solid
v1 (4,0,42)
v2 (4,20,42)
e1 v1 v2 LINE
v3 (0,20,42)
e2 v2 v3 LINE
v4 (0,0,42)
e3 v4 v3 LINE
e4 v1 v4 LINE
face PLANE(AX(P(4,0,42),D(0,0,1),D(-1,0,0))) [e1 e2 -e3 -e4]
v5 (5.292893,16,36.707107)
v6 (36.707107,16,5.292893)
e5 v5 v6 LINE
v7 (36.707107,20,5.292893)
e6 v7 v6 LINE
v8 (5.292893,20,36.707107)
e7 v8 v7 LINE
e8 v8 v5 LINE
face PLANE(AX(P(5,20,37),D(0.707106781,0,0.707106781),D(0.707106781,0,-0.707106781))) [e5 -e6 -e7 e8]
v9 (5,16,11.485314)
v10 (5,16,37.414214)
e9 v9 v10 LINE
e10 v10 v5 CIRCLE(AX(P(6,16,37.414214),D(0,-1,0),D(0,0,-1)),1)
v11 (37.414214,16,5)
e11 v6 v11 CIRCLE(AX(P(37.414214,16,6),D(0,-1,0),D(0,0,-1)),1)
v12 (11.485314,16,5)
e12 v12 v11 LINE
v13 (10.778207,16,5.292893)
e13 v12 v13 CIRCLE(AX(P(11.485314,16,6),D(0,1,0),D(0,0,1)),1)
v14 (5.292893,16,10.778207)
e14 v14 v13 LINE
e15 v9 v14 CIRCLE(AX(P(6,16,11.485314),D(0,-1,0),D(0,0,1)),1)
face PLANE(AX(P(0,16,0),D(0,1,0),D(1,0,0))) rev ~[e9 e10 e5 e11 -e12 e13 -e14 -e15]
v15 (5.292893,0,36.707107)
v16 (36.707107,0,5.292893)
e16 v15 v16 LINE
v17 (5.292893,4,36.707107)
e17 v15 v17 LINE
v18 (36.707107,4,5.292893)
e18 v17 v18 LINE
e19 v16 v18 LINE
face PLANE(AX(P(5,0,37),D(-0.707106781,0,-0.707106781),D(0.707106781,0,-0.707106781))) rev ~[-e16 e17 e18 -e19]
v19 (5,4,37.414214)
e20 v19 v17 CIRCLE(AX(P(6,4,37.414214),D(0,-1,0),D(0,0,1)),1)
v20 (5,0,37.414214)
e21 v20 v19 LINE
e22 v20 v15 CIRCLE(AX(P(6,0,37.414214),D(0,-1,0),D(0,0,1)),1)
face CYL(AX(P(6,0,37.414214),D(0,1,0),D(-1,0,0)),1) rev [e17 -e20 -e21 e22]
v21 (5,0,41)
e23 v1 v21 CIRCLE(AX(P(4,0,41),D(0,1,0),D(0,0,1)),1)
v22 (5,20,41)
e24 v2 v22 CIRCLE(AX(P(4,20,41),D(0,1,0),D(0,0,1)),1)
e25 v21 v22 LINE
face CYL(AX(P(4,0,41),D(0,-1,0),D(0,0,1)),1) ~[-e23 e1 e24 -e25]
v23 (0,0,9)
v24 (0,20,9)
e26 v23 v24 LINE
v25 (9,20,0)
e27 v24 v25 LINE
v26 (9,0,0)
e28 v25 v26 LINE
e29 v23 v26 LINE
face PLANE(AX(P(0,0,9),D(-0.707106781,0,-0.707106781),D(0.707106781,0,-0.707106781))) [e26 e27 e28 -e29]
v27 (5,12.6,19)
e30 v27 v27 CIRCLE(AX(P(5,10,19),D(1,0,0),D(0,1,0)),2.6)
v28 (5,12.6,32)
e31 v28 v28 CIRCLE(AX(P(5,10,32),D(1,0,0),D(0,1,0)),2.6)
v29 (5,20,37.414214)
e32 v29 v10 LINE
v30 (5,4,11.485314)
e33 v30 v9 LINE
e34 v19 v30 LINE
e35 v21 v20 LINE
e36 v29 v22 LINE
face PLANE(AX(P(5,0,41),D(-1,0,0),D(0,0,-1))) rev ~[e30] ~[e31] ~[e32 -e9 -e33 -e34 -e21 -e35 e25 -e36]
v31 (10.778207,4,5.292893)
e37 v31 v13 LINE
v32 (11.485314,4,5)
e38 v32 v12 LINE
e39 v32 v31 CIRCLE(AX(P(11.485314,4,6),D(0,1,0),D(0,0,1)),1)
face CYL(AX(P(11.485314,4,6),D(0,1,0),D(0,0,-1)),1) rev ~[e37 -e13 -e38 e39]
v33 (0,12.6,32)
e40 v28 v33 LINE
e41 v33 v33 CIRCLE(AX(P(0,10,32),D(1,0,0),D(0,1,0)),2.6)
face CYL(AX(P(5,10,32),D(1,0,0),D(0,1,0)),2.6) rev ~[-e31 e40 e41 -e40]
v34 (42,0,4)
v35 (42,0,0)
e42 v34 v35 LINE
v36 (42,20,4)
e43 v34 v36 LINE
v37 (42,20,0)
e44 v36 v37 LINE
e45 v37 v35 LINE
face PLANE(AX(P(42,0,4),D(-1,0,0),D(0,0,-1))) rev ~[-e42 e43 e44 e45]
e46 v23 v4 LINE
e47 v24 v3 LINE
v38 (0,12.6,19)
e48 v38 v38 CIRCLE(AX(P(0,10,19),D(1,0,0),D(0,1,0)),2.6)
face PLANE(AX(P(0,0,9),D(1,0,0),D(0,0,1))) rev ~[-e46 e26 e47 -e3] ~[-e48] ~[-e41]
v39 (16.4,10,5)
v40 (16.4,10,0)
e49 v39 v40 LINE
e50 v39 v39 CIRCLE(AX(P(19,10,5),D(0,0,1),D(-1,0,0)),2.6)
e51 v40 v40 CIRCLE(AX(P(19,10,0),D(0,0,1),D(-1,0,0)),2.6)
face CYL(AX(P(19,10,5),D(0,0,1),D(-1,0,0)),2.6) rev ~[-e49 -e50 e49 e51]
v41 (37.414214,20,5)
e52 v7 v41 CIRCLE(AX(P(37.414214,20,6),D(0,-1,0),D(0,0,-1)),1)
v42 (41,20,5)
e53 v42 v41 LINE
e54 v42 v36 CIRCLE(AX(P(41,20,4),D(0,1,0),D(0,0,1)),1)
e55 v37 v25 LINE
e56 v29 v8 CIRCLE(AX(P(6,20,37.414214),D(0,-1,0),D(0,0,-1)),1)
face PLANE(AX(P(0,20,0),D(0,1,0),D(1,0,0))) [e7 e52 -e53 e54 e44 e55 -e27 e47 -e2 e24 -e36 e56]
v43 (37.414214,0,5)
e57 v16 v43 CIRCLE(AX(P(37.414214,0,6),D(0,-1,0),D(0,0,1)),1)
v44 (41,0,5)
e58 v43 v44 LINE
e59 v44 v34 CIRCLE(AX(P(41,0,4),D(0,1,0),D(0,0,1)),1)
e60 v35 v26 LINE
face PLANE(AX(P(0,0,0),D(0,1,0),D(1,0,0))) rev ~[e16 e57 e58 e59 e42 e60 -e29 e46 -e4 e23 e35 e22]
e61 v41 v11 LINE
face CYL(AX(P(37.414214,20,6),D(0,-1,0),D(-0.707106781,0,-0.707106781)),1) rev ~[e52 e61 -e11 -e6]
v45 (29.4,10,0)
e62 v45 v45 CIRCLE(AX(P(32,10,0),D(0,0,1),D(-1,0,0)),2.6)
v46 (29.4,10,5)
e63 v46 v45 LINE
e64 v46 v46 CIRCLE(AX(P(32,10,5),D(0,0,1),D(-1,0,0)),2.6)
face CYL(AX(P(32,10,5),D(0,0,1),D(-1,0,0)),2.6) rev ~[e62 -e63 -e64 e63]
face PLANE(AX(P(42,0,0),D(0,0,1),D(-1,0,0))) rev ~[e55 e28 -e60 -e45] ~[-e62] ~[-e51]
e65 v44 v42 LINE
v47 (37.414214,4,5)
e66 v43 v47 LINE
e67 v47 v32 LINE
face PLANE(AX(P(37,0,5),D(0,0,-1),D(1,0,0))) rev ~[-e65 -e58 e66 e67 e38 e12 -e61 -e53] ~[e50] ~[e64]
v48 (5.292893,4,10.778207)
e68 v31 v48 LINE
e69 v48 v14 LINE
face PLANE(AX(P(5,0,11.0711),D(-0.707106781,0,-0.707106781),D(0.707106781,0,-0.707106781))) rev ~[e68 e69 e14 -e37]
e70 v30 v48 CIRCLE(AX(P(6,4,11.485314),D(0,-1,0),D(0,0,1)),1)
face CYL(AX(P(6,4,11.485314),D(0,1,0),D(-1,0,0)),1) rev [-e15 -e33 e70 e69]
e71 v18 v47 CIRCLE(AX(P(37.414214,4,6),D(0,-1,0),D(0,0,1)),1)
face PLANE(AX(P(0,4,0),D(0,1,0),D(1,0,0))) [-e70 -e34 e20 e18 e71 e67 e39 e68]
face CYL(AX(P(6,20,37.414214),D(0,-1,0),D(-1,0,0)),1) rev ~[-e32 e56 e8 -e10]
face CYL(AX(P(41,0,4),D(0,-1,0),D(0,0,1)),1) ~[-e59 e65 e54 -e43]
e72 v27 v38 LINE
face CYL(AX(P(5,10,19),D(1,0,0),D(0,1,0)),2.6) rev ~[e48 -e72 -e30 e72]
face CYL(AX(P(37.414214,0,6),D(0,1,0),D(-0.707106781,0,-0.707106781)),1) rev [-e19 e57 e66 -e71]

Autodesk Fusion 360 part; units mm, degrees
sketch "Sketch5" plane through (0, 0, 0) normal (0, 1, 0) x (1, 0, 0)
  line L0 (0, -9) -> (0, -42)
  line L1 (5, -41) -> (5, -37)
  line L2 (4, -42) -> (0, -42)
  line L3 (5, -37) -> (37, -5)
  line L4 (37, -5) -> (41, -5)
  line L5 (42, -4) -> (42, 0)
  arc A0 (4, -42) -> (5, -41) centre (4, -41) ccw
  arc A1 (41, -5) -> (42, -4) centre (41, -4) ccw
  line L6 (0, -9) -> (9, 0)
  line L7 (42, 0) -> (9, 0)
  line L8 (5, -37) -> (5, -11.0711)
  line L9 (5, -11.0711) -> (11.0711, -5)
  line L10 (11.0711, -5) -> (37, -5)
  point P0 (5, -42)
  point P1 (42, -5)
  dimension "d59" = 5
  dimension "d60" = 5
  dimension "d61" = 1
  dimension "d65" = 5
  dimension "d89" = 135
  dimension "d90" = 42
  dimension "d91" = 42
  dimension "d92" = 5
  dimension "d93" = 9
extrude "Extrude14" add sketch "Sketch5" along normal blind 4
extrude "Extrude15" add sketch "Sketch5" along normal blind 20 contours L0 L1 L2 L4 L5 A0 A1 L6 L7 L8 L9 L10
extrude "Extrude16" add sketch "Sketch5" against normal blind 4 from surface at 20
sketch "Sketch6" plane through (0, 0, 5) normal (0, 0, 1) x (-1, 0, 0)
  line L0 (-37, -16) -> (-11.0711, -16)
  line L1 (-11.0711, -16) -> (-11.0711, -4)
  line L2 (-11.0711, -4) -> (-37, -4)
  circle A0 centre (-19, -10) radius 2.5
  circle A1 centre (-32, -10) radius 2.5
  line L3 (-42, 0) -> (-42, -20)
  line L4 (-37, -20) -> (-5, -20)
  line L5 (-37, -4) -> (-37, 0)
  line L6 (-37, 0) -> (-41, 0)
  line L7 (-41, 0) -> (-41, -20)
  line L8 (-41, -20) -> (-37, -20)
  line L9 (-37, -20) -> (-37, -16)
  dimension "d71" = 5
  dimension "d72" = 10
  dimension "d73" = 13
  dimension "d74" = 10
sketch "Sketch7" plane through (5, 0, 0) normal (1, 0, 0) x (0, 1, 0)
  line L0 (20, 41) -> (0, 41)
  line L1 (0, 41) -> (0, 37)
  line L2 (0, 37) -> (4, 37)
  line L3 (4, 37) -> (4, 11.0711)
  line L4 (4, 11.0711) -> (16, 11.0711)
  line L5 (16, 11.0711) -> (16, 37)
  line L6 (16, 37) -> (20, 37)
  line L7 (20, 37) -> (20, 41)
  circle A0 centre (10, 32) radius 2.5
  circle A1 centre (10, 19) radius 2.5
  line L8 (0, 42) -> (20, 42)
  line L9 (0, 37) -> (0, 5)
  dimension "d75" = 5
  dimension "d76" = 10
  dimension "d77" = 13
  dimension "d78" = 10
extrude "Extrude17" cut sketch "Sketch7" against normal through all contours A0 | A1
extrude "Extrude18" cut sketch "Sketch6" against normal through all contours A0 | A1
fillet "Fillet5" radius 1 2 edges at (5, 10, 11.0711) (11.0711, 10, 5)
fillet "Fillet6" radius 1 4 edges at (37, 2, 5) (5, 2, 37) (5, 18, 37) (37, 18, 5)
sketch "Sketch8" plane through (0, 0, 0) normal (0, 0, -1) x (1, 0, 0)
  line L0 (42, -20) -> (42, 0)
  line L1 (42, 0) -> (9, 0)
  line L2 (9, 0) -> (9, -20)
  line L3 (9, -20) -> (42, -20)
  line L4 (42, -10) -> (9, -10) construction
  line L5 (42, -6.925) -> (38, -6.925)
  line L6 (38, -6.925) -> (38, -13.075)
  line L7 (38, -13.075) -> (42, -13.075)
  line L8 (42, -13.075) -> (42, -6.925)
  circle A0 centre (19, -10) radius 2.5
  circle A1 centre (32, -10) radius 2.5
  dimension "d87" = 6.15
  dimension "d88" = 4
sketch "Sketch9" plane through (0, 0, 0) normal (-1, 0, 0) x (0, -1, 0)
  circle A0 centre (-10, 32) radius 2.5
  circle A1 centre (-10, 19) radius 2.5
  line L0 (-20, 9) -> (0, 9)
  line L1 (0, 9) -> (0, 42)
  line L2 (0, 42) -> (-20, 42)
  line L3 (-20, 42) -> (-20, 9)
  line L4 (-13.075, 42) -> (-6.925, 42)
  line L5 (-6.925, 42) -> (-6.925, 38)
  line L6 (-6.925, 38) -> (-13.075, 38)
  line L7 (-13.075, 38) -> (-13.075, 42)
  line L8 (-10, 42) -> (-10, 9) construction
  dimension "d98" = 6.15
  dimension "d99" = 4
sketch "Sketch10" plane through (5, 0, 0) normal (1, 0, 0) x (0, 1, 0)
  line L0 (16, 37.4142) -> (20, 37.4142)
  line L1 (20, 37.4142) -> (20, 41)
  line L2 (20, 41) -> (0, 41)
  line L3 (0, 41) -> (0, 37.4142)
  line L4 (0, 37.4142) -> (4, 37.4142)
  line L5 (4, 37.4142) -> (4, 11.4853)
  line L6 (4, 11.4853) -> (16, 11.4853)
  line L7 (16, 11.4853) -> (16, 37.4142)
  circle A0 centre (10, 32) radius 2.5
  circle A1 centre (10, 19) radius 2.5
  circle A2 centre (10, 32) radius 2.6
  circle A3 centre (10, 19) radius 2.6
  dimension "d104" = 5.2
  dimension "d105" = 5.2
extrude "Extrude21" cut sketch "Sketch10" against normal through all contours A0 | A1 | A2 | A3
sketch "Sketch11" plane through (0, 0, 5) normal (0, 0, 1) x (-1, 0, 0)
  circle A0 centre (-32, -10) radius 2.5
  circle A1 centre (-19, -10) radius 2.5
  line L0 (-37.4142, -20) -> (-37.4142, -16)
  line L1 (-37.4142, -16) -> (-11.4853, -16)
  line L2 (-11.4853, -16) -> (-11.4853, -4)
  line L3 (-11.4853, -4) -> (-37.4142, -4)
  line L4 (-37.4142, -4) -> (-37.4142, 0)
  line L5 (-37.4142, 0) -> (-41, 0)
  line L6 (-41, 0) -> (-41, -20)
  line L7 (-41, -20) -> (-37.4142, -20)
  circle A2 centre (-19, -10) radius 2.6
  circle A3 centre (-32, -10) radius 2.6
  dimension "d107" = 5.2
  dimension "d108" = 5.2
extrude "Extrude22" cut sketch "Sketch11" against normal through all contours A0 | A1 | A2 | A3
